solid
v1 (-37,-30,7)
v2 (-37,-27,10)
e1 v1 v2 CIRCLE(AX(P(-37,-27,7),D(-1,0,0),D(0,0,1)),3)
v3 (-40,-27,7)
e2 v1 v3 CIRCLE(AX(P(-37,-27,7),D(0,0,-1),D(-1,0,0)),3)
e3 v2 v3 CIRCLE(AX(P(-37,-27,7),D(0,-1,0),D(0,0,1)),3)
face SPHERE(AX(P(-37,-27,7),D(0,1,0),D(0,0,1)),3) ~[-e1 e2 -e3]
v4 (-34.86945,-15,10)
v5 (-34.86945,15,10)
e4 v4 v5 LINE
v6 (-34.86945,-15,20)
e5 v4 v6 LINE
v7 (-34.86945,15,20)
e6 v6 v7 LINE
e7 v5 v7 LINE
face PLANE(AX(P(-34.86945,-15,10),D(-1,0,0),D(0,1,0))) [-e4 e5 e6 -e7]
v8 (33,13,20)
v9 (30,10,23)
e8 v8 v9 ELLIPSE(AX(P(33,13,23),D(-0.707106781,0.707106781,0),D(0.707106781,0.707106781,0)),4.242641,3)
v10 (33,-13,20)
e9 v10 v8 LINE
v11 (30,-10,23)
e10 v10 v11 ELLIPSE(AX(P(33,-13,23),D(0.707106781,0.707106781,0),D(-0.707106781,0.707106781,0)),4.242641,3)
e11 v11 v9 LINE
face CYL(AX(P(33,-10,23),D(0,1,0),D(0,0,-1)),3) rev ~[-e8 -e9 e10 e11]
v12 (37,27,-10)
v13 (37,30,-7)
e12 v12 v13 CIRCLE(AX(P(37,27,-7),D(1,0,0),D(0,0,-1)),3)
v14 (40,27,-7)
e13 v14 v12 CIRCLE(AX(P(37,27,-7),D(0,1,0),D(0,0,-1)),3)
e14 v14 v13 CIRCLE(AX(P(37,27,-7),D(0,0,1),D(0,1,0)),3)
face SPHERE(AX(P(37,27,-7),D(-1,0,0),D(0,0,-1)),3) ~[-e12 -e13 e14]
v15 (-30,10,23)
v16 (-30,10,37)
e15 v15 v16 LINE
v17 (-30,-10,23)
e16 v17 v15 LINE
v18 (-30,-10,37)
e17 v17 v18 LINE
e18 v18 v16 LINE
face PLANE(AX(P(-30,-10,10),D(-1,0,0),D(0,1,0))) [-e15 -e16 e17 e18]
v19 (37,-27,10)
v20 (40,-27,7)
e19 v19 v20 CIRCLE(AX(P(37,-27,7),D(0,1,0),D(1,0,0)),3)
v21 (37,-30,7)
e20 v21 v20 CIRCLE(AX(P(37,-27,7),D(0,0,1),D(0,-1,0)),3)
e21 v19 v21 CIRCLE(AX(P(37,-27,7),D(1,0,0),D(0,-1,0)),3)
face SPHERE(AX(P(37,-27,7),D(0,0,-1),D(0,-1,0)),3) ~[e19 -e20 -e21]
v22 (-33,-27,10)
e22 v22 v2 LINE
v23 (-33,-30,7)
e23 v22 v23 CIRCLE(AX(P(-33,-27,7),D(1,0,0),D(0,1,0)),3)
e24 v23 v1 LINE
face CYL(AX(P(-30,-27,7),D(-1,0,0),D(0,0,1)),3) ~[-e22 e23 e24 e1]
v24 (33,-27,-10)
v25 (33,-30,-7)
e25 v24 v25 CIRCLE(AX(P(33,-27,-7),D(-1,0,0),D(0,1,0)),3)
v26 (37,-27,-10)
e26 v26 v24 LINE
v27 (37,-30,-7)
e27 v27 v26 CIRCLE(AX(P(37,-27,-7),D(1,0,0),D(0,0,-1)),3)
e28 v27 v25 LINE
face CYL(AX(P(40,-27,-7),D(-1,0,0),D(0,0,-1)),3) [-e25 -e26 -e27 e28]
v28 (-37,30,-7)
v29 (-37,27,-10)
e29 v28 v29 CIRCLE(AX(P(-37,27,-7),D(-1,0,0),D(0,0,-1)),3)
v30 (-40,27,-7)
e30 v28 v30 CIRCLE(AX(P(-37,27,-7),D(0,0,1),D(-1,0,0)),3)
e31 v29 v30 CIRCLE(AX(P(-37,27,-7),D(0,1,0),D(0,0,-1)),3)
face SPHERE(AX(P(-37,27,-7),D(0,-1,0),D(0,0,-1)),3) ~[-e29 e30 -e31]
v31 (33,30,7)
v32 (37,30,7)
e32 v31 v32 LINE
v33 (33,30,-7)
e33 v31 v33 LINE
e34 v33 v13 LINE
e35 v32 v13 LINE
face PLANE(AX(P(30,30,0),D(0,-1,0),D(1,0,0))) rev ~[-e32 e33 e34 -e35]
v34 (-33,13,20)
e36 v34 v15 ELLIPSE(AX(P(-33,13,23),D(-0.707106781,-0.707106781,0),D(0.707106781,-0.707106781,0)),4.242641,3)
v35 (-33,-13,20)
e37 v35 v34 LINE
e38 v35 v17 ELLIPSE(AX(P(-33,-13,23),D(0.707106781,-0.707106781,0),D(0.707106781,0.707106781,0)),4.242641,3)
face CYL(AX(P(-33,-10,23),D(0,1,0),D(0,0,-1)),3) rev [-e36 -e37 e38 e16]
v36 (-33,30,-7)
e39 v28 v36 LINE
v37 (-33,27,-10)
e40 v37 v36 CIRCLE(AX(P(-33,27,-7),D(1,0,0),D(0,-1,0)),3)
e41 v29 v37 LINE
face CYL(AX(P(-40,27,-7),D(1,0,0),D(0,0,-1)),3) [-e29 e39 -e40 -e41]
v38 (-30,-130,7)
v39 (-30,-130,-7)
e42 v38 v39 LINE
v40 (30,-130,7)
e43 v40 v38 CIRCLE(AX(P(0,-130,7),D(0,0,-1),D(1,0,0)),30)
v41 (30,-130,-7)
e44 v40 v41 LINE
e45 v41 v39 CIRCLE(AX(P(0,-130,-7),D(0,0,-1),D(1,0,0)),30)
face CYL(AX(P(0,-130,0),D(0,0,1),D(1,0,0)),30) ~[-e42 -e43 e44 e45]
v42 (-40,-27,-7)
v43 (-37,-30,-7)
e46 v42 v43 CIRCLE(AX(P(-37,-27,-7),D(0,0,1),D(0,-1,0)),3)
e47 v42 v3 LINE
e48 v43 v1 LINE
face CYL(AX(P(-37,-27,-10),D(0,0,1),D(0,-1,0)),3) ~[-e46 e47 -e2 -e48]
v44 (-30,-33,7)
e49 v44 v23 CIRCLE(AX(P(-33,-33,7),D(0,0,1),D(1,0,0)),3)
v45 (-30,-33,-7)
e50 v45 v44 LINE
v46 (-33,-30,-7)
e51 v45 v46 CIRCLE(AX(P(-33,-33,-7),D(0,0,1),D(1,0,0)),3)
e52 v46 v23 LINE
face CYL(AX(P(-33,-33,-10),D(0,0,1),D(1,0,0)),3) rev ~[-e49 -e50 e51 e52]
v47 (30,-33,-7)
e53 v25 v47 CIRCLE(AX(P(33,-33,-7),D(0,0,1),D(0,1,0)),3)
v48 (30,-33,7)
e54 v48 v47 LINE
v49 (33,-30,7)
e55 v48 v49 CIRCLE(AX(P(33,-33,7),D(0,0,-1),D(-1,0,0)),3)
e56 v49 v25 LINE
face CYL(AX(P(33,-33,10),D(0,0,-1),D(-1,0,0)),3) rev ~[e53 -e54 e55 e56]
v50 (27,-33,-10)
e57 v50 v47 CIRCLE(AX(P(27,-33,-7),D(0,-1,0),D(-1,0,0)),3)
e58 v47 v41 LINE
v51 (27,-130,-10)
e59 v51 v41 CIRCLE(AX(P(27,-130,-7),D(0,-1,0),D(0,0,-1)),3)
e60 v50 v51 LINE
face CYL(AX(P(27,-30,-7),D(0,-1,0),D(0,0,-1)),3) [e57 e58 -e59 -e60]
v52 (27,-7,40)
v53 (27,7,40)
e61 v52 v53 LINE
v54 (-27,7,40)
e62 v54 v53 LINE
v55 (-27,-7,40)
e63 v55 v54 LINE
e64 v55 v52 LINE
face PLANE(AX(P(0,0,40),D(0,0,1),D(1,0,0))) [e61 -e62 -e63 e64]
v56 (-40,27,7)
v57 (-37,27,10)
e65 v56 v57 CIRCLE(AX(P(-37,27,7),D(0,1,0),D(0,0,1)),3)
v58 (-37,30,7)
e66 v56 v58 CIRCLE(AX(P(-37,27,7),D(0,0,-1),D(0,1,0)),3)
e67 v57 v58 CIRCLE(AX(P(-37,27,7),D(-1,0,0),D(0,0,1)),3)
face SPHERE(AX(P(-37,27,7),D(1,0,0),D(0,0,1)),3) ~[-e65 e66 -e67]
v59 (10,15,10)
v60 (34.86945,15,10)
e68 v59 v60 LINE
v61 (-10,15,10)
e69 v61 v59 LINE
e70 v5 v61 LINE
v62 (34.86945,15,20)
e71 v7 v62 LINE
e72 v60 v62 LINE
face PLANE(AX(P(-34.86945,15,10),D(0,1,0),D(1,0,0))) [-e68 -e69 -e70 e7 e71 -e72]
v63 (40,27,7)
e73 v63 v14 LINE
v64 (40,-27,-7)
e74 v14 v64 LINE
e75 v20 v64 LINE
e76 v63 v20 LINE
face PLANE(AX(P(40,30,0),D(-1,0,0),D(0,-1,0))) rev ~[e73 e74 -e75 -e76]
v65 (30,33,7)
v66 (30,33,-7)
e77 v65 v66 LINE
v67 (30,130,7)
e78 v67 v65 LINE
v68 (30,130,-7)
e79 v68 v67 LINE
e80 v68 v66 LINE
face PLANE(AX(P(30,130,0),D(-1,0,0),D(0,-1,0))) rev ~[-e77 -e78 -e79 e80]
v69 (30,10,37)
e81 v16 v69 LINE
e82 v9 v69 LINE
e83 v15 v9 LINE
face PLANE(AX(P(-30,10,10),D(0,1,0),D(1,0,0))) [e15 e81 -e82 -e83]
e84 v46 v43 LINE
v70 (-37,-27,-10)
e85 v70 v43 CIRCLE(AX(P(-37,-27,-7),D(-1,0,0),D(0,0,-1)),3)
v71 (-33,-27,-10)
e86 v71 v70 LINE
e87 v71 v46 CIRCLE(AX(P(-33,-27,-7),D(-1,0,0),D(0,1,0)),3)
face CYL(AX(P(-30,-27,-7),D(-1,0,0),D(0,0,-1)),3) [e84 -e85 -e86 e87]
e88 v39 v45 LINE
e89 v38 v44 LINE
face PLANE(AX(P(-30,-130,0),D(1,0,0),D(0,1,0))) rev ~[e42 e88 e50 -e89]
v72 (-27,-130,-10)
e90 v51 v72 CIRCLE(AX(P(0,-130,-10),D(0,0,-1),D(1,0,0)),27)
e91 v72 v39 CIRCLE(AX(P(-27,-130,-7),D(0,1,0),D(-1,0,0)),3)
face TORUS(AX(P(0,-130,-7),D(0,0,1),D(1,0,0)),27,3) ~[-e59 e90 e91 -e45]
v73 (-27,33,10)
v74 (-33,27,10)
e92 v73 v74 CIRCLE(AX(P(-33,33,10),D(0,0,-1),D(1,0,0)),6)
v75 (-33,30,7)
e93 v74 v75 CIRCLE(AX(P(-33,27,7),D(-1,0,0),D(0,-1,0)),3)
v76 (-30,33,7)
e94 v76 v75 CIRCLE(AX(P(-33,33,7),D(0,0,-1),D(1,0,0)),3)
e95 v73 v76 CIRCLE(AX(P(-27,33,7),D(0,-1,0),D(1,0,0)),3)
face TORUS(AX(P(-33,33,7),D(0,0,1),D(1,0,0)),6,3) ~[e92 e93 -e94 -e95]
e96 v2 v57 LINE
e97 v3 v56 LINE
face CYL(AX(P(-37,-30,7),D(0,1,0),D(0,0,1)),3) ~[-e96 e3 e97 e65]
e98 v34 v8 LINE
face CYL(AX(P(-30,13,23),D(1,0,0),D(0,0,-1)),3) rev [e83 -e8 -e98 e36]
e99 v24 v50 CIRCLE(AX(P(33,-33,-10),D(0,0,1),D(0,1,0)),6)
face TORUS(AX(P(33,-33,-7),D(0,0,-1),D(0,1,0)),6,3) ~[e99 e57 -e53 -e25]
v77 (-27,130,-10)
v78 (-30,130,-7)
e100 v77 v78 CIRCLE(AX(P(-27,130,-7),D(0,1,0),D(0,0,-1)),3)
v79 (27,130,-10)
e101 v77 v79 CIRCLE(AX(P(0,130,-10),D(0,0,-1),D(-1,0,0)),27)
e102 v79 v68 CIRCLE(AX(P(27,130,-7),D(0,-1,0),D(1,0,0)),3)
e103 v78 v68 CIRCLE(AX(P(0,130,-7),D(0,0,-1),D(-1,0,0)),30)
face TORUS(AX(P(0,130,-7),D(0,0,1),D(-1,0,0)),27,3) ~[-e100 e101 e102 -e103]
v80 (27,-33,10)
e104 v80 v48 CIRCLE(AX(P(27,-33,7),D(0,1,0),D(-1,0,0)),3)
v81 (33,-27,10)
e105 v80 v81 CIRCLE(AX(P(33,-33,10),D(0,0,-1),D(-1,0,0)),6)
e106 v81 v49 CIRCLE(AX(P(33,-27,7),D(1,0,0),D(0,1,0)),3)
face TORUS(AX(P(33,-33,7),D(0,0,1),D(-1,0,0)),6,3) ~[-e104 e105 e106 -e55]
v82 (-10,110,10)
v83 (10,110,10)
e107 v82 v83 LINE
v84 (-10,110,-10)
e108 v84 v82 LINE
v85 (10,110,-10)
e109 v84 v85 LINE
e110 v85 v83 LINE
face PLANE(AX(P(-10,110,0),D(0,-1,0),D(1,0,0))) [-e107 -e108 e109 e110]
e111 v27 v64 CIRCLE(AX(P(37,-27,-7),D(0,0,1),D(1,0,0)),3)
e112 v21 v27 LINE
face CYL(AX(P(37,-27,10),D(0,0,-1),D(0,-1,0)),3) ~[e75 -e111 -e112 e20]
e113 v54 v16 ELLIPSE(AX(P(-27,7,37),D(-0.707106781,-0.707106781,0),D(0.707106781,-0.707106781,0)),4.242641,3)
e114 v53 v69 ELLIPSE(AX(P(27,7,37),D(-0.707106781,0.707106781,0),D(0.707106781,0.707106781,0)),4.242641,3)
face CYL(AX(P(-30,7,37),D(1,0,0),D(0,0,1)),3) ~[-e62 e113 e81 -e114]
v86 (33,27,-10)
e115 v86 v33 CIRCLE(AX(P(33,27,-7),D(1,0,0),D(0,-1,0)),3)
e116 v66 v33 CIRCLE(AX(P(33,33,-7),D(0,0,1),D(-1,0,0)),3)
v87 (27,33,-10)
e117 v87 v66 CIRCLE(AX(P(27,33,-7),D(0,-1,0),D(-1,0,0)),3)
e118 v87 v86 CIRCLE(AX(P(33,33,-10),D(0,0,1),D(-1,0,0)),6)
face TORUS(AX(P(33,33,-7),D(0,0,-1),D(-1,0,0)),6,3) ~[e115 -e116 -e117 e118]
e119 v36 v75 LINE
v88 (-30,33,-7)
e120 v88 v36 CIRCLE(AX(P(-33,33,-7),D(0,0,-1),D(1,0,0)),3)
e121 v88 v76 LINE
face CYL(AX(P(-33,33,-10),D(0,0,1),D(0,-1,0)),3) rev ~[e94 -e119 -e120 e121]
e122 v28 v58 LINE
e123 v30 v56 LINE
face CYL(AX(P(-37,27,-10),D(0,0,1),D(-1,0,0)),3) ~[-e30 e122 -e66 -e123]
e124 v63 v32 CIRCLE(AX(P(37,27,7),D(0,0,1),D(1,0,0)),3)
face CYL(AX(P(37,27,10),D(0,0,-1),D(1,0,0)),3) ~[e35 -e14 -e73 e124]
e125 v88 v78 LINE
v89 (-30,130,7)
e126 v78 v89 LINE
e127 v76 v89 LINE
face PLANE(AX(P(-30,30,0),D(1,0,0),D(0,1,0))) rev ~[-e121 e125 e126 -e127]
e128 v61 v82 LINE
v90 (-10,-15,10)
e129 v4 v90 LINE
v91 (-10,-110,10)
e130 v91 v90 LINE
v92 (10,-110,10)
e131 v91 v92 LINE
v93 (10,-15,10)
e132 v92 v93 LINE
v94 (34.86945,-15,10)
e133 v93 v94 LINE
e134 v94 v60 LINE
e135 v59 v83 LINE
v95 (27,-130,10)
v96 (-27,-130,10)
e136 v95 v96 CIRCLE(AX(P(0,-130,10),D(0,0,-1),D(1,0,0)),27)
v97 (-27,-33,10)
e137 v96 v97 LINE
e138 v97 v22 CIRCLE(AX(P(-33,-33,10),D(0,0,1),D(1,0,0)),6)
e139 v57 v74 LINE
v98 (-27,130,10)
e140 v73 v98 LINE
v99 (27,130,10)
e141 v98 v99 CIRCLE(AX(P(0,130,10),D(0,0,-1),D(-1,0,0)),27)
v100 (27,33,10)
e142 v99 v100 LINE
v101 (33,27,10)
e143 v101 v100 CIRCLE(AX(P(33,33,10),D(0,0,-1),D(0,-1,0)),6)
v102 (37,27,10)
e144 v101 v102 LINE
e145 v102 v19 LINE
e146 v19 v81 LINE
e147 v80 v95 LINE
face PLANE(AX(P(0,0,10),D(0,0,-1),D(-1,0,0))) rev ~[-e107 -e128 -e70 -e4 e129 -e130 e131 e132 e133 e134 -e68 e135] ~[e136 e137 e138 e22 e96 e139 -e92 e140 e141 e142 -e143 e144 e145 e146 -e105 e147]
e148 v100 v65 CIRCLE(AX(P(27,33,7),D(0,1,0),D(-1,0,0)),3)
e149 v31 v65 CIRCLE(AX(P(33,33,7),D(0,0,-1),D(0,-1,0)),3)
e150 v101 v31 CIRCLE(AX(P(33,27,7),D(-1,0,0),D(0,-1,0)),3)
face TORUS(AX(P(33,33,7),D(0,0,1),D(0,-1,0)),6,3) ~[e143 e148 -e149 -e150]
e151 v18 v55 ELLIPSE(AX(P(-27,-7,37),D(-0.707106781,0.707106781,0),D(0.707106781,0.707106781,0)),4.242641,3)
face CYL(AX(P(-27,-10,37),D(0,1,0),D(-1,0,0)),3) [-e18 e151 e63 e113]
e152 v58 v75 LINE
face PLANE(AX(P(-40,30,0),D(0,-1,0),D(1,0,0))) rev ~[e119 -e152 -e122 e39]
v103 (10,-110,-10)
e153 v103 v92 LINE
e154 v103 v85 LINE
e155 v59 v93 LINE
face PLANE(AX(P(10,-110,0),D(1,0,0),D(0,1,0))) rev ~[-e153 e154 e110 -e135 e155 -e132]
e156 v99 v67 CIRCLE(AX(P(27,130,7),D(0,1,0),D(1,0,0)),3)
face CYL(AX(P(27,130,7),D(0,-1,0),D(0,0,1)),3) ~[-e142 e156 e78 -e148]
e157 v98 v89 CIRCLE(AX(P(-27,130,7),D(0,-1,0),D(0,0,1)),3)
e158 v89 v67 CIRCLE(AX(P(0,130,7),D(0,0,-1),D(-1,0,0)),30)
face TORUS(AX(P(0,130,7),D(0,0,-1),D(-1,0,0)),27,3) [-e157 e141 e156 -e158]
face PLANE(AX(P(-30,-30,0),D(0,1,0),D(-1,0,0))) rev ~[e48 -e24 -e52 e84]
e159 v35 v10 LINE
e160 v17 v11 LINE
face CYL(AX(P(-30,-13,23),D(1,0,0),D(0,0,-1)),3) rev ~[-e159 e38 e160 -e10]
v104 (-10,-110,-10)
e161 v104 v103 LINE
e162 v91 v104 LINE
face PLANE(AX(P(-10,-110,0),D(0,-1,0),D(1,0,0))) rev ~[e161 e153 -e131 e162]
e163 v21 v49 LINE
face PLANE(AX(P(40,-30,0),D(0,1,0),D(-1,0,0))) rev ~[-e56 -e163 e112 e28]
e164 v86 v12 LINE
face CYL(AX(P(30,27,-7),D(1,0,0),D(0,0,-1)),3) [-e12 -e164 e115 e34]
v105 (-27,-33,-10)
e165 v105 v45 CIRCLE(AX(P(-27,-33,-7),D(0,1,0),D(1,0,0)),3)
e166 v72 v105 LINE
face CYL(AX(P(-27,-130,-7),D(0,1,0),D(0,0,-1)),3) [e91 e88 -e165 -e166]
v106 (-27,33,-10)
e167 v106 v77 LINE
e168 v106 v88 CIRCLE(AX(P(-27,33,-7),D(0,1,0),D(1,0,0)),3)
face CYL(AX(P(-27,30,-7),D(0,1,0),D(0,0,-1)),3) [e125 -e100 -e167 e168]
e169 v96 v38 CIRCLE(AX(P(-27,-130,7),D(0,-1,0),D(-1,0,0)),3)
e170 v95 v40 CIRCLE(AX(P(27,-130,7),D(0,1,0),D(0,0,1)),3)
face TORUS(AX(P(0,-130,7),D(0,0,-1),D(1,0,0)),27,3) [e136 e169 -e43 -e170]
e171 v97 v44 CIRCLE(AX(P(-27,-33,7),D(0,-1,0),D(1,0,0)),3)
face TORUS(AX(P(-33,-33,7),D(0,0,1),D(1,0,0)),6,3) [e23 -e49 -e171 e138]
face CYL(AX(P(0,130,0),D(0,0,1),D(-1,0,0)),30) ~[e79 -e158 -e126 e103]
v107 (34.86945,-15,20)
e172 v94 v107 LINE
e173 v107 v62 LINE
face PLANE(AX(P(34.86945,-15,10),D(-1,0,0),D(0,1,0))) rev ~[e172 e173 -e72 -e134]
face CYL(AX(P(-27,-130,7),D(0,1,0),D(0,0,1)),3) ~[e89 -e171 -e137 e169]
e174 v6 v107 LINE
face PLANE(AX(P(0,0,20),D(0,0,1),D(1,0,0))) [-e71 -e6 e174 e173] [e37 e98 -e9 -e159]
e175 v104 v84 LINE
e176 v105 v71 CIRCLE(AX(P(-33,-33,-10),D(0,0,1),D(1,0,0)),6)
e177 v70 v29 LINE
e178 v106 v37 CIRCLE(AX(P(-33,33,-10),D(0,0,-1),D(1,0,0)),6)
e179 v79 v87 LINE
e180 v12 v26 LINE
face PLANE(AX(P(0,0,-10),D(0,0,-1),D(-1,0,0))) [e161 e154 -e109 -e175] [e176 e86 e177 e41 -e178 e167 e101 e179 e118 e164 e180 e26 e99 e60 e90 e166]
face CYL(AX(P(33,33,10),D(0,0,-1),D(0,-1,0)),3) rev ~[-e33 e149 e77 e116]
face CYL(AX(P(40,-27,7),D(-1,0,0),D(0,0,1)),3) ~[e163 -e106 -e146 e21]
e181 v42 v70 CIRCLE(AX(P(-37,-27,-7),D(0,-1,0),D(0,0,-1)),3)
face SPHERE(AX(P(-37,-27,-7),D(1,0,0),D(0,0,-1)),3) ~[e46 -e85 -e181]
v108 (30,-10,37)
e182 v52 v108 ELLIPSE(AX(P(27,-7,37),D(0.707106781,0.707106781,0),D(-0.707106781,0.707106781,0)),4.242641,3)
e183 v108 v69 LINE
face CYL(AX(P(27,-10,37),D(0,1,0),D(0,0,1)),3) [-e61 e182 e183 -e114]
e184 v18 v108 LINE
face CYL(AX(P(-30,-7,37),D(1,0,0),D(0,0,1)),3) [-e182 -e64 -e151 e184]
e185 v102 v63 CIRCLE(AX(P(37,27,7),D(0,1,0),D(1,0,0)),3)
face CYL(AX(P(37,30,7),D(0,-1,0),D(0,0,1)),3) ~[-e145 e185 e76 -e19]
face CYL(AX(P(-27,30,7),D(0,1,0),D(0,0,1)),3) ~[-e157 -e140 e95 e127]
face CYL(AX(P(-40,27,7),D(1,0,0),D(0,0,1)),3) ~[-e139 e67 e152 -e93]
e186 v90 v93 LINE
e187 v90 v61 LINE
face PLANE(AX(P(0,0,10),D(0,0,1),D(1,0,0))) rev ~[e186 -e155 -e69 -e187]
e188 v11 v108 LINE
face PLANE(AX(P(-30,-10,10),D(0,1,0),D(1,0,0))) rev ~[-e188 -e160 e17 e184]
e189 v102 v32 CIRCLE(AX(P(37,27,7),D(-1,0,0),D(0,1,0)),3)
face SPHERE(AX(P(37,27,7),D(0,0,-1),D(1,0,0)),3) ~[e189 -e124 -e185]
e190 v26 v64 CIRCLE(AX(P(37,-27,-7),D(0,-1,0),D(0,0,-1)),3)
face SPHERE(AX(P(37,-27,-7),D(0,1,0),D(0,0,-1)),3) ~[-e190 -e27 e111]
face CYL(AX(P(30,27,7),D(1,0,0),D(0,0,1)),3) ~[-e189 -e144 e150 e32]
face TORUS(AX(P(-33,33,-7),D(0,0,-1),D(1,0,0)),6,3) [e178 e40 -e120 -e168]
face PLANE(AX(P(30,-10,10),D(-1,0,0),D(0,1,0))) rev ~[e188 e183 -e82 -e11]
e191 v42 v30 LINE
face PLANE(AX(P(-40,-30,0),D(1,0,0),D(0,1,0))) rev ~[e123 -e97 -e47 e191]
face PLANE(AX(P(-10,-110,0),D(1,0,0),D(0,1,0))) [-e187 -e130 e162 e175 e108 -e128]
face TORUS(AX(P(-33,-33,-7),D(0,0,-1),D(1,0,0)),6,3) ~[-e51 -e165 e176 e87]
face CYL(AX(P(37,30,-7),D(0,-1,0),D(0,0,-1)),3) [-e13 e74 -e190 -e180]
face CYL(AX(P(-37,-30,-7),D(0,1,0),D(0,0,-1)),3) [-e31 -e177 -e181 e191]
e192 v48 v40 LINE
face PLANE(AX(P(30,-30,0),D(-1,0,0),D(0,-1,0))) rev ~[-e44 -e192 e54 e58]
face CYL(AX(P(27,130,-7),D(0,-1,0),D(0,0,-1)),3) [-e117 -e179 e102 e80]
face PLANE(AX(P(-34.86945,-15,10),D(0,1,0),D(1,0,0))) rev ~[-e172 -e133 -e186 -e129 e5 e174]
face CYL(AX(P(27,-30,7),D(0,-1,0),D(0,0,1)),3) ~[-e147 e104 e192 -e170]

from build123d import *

# Parameters (mm, degrees)
SKETCH1_W           = 20
SKETCH1_H           = 220
BOSS_EXTRUDE1_DEPTH = 10
SKETCH2_W           = 60
SKETCH2_H           = 20
BOSS_EXTRUDE2_DEPTH = 30
SKETCH3_W           = 69.73889917
SKETCH3_H           = 30
SKETCH3_W_2         = 60
SKETCH3_H_2         = 20
BOSS_EXTRUDE3_DEPTH = 10
FILLET2_R           = 3


with BuildPart() as part:
    # Sketch1 → Boss-Extrude1 (new, symmetric)
    with BuildSketch(Plane.XY):
        with BuildLine():
            Line((30, 130), (30, 30))
            Line((30, 30), (40, 30))
            Line((40, 30), (40, -30))
            Line((40, -30), (30, -30))
            Line((30, -30), (30, -130))
            ThreePointArc((30, -130), (0, -160), (-30, -130))
            Line((-30, -130), (-30, -30))
            Line((-30, -30), (-40, -30))
            Line((-40, -30), (-40, 30))
            Line((-40, 30), (-30, 30))
            Line((-30, 30), (-30, 130))
            ThreePointArc((-30, 130), (0, 160), (30, 130))
        make_face()
        Rectangle(SKETCH1_W, SKETCH1_H, mode=Mode.SUBTRACT)
    extrude(amount=BOSS_EXTRUDE1_DEPTH, both=True)

    # Sketch2 → Boss-Extrude2 (add)
    with BuildSketch(Plane.XY.offset(10)):
        Rectangle(SKETCH2_W, SKETCH2_H)
    extrude(amount=BOSS_EXTRUDE2_DEPTH)

    # Sketch3 → Boss-Extrude3 (add)
    with BuildSketch(Plane.XY.offset(10)):
        Rectangle(SKETCH3_W, SKETCH3_H)
        Rectangle(SKETCH3_W_2, SKETCH3_H_2, mode=Mode.SUBTRACT)
    extrude(amount=BOSS_EXTRUDE3_DEPTH)

    # Fillet2
    fillet2_edges = [part.edges().sort_by_distance(p)[0] for p in [
        (30, 80, -10),
        (35, 30, -10),
        (-35, 30, 10),
        (40, 0, -10),
        (35, -30, -10),
        (30, -80, -10),
        (0, -160, -10),
        (-30, -80, -10),
        (-35, -30, -10),
        (-40, 0, -10),
        (-35, 30, -10),
        (-30, 80, -10),
        (0, 160, -10),
        (-40, 0, 10),
        (30, 30, 0),
        (40, 30, 0),
        (-35, -30, 10),
        (40, -30, 0),
        (30, -30, 0),
        (-30, -30, 0),
        (-40, -30, 0),
        (-40, 30, 0),
        (-30, 30, 0),
        (-30, -80, 10),
        (0, -160, 10),
        (30, -80, 10),
        (35, -30, 10),
        (40, 0, 10),
        (35, 30, 10),
        (30, 80, 10),
        (0, 160, 10),
        (30, 0, 40),
        (0, 10, 40),
        (-30, 0, 40),
        (0, -10, 40),
        (30, 0, 20),
        (0, 10, 20),
        (-30, 0, 20),
        (0, -10, 20),
        (-30, 80, 10),
    ]]
    fillet(fillet2_edges, radius=FILLET2_R)


solid = part.part
